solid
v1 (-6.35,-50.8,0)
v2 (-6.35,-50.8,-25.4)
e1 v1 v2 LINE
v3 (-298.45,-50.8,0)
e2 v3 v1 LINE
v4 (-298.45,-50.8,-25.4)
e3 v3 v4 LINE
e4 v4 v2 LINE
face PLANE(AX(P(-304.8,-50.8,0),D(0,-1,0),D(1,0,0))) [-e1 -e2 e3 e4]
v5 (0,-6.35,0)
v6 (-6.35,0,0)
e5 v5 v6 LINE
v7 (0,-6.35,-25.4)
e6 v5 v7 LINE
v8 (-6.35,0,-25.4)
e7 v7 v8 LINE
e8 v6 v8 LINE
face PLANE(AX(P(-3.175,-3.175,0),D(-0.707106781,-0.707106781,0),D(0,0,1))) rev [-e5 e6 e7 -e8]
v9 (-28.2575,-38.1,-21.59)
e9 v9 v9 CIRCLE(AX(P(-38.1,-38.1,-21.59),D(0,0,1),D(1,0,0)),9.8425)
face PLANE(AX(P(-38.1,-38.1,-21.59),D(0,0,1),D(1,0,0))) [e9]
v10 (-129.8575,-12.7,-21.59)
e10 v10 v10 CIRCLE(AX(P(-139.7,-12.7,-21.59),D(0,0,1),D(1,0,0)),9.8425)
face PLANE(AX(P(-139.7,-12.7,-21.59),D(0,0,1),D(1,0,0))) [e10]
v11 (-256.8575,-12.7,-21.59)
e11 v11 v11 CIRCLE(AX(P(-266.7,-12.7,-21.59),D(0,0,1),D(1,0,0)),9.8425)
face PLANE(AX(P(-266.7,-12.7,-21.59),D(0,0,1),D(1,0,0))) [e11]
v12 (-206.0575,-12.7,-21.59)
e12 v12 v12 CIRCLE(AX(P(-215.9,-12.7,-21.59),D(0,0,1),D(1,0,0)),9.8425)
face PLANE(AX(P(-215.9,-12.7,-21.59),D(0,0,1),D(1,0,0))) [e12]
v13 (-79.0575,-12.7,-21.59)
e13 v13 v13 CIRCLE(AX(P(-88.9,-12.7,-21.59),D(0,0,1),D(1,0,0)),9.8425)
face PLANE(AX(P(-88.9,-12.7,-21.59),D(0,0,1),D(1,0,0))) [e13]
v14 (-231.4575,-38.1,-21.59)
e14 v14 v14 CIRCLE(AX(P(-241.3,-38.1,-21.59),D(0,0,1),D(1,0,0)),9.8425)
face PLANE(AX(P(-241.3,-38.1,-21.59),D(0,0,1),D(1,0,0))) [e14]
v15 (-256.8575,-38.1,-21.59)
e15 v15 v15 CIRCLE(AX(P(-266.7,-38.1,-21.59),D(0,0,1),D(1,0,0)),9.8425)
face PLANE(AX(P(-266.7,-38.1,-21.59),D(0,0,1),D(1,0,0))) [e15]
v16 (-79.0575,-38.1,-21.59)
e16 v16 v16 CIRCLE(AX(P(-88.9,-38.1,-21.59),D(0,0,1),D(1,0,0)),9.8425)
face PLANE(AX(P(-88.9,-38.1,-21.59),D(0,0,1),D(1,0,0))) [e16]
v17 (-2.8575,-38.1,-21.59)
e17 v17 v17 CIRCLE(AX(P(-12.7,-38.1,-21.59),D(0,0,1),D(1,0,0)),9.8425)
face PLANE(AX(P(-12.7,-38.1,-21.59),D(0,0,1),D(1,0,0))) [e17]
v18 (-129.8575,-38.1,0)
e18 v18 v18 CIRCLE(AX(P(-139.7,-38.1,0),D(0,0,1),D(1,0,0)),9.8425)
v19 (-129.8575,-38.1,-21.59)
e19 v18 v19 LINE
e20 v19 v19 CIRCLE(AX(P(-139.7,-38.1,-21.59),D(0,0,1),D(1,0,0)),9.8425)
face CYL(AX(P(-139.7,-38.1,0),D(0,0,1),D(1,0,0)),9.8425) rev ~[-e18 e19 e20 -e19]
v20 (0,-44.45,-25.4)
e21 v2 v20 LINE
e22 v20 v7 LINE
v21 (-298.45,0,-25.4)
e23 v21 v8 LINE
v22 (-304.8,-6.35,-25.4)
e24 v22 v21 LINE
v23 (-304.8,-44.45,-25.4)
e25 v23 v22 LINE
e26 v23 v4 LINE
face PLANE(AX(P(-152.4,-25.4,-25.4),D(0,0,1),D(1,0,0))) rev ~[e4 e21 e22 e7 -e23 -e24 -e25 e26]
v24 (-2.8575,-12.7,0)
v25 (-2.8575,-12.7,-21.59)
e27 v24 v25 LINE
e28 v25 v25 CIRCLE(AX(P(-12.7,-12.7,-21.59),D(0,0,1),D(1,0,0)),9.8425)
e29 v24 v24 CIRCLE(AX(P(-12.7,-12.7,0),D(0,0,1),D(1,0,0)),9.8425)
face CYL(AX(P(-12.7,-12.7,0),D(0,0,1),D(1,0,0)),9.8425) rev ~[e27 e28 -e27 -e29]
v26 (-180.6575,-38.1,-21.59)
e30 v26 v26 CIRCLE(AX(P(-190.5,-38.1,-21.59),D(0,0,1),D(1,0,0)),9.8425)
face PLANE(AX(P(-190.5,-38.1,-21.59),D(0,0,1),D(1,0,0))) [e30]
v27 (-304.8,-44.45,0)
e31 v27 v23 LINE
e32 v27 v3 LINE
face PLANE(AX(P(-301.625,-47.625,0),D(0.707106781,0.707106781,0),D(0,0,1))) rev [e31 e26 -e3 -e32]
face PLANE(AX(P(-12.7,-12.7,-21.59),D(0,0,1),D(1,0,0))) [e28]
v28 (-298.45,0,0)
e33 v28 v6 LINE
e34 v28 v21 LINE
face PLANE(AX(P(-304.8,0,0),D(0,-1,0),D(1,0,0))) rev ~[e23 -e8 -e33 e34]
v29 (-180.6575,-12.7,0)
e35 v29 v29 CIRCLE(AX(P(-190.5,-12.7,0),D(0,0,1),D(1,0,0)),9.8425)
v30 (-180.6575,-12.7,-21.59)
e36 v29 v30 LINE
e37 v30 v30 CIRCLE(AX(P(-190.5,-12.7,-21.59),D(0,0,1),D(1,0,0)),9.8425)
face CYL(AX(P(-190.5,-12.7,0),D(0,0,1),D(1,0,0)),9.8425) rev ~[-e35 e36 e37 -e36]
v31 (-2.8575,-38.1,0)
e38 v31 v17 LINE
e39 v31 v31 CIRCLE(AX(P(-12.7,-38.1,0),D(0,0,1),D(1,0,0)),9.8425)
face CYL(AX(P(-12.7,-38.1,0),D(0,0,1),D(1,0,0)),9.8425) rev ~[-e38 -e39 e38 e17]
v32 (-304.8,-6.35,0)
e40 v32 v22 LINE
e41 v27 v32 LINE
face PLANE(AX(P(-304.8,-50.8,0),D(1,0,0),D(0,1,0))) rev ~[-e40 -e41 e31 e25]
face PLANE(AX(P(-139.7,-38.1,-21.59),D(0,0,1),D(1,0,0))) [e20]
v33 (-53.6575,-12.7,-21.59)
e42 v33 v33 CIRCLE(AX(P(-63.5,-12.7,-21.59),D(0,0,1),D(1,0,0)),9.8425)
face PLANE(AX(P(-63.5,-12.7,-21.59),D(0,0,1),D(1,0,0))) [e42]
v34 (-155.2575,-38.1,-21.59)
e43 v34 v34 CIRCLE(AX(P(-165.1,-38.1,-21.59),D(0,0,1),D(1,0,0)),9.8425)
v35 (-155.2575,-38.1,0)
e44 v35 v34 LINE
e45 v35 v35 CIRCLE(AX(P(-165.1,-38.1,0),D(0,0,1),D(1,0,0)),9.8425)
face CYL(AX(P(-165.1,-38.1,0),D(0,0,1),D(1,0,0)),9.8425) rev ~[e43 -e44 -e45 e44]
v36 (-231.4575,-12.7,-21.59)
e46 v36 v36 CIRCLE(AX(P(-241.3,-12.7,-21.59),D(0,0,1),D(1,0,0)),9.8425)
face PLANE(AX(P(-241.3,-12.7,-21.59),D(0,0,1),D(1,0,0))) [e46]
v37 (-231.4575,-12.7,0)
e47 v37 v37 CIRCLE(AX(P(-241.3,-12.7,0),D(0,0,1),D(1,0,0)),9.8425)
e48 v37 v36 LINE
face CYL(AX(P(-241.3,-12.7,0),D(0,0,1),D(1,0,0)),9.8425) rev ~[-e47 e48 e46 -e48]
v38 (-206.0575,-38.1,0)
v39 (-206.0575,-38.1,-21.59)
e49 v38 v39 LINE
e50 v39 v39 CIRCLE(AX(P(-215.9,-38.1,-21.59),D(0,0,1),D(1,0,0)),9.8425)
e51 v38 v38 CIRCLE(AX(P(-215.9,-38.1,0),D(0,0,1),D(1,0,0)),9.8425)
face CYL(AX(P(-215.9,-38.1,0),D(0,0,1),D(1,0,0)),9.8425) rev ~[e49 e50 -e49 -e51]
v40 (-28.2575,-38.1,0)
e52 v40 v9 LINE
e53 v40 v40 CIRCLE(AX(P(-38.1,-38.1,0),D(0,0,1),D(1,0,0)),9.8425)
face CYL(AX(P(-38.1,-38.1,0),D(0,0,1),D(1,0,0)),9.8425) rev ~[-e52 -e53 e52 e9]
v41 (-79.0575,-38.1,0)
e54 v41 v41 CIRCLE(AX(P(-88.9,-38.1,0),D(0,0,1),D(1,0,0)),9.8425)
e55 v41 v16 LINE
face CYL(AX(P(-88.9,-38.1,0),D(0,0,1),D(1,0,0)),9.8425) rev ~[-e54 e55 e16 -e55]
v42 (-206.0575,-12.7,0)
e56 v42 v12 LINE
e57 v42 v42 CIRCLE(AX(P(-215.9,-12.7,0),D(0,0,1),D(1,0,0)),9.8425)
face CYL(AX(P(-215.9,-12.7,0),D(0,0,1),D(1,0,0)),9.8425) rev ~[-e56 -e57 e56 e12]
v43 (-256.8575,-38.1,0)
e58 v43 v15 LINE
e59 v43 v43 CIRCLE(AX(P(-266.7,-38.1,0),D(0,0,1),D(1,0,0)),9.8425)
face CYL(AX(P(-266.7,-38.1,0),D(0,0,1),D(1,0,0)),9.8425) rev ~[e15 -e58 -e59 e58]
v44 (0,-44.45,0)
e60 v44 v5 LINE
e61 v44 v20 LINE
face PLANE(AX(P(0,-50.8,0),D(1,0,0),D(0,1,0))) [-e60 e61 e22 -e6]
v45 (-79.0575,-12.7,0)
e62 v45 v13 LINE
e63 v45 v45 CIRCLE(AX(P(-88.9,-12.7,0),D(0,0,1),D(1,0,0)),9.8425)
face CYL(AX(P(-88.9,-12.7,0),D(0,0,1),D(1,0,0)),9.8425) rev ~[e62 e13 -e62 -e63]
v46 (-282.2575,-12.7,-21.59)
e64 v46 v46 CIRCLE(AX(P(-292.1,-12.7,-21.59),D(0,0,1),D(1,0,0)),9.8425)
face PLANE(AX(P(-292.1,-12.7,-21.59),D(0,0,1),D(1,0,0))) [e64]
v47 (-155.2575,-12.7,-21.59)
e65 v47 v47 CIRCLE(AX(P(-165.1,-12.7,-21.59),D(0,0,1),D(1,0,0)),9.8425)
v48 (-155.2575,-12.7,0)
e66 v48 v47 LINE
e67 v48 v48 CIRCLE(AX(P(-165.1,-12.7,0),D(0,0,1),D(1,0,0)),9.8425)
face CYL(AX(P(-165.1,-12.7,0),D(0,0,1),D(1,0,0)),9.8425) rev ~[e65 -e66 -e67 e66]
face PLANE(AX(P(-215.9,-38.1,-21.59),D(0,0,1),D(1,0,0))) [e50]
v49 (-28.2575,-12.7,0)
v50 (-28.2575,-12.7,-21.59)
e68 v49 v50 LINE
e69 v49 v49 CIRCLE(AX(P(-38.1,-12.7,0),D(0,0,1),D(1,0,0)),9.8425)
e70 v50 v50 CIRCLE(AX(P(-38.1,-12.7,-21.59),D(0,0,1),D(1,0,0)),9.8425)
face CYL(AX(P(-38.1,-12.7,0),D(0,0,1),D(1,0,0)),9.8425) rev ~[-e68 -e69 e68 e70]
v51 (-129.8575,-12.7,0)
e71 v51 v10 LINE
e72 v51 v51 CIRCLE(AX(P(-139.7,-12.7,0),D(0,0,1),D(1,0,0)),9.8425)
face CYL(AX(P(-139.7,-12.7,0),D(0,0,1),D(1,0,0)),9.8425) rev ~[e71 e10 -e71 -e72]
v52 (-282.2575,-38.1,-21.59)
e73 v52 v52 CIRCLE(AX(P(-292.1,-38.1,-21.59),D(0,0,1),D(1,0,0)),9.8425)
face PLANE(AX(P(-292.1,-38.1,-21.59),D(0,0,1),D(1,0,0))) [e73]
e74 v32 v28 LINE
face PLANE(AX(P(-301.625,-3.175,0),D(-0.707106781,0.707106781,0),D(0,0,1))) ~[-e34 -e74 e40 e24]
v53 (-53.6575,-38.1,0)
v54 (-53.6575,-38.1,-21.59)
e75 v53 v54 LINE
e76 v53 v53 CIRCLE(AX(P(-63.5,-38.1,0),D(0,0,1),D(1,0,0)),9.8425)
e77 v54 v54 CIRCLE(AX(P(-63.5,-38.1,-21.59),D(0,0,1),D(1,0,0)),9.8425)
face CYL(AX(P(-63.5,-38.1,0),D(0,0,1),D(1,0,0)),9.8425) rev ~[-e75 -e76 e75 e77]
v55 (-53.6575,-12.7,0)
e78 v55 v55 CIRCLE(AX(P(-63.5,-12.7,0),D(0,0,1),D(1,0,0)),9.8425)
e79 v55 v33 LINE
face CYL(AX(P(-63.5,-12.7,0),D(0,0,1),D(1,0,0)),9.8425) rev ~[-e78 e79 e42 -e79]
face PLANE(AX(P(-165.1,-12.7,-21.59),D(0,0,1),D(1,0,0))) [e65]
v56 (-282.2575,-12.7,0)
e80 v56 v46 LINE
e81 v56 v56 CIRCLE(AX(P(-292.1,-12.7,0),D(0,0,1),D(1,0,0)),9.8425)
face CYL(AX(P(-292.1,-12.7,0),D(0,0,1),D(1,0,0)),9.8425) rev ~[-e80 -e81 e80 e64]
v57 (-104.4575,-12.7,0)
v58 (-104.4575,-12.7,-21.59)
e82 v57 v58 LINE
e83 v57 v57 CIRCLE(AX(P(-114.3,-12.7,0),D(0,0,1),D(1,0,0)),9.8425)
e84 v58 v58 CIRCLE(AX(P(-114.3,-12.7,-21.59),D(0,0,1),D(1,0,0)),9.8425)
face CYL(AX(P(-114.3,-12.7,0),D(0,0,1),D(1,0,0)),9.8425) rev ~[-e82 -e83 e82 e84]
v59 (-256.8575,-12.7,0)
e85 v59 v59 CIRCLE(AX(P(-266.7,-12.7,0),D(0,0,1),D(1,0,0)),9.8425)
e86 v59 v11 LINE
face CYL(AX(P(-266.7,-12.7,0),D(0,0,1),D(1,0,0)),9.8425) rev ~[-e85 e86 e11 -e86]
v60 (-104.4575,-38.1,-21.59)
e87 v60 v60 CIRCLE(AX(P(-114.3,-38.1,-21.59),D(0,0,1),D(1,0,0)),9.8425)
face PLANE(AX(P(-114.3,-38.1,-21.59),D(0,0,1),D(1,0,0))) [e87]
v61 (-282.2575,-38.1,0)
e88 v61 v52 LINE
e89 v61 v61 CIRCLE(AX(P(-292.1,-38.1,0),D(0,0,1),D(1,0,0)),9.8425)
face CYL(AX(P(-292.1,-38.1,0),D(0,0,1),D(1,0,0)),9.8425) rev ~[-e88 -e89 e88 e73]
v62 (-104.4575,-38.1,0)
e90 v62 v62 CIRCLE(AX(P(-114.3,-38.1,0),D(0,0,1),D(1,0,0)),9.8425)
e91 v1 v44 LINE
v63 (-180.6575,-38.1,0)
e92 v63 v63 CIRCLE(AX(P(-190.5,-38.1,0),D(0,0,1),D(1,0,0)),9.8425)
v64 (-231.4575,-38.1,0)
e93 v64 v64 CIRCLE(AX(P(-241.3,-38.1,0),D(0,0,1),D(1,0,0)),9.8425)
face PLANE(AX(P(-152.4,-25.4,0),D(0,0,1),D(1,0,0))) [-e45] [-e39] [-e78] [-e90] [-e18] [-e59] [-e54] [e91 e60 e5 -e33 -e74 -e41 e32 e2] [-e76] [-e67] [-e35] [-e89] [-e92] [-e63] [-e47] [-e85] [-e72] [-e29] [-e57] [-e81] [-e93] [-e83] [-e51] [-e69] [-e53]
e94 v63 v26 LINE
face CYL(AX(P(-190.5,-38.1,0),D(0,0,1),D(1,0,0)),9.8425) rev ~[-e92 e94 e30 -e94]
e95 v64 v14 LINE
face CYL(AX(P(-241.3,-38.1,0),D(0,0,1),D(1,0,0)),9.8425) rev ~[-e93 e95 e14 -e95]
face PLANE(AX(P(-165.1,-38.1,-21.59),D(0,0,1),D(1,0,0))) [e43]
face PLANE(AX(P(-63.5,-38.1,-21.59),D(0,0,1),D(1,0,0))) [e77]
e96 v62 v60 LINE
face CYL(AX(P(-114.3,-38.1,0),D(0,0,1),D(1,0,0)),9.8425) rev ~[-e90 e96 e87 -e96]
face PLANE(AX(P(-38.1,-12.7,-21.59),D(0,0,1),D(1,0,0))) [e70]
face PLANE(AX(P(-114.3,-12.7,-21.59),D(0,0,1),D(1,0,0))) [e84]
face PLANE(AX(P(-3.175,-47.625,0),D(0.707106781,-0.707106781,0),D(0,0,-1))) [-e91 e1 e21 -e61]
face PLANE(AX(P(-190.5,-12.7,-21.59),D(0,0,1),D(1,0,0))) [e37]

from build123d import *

# Parameters (mm, degrees)
F0_W     = 304.8
F0_H     = 50.8
F1_DEPTH = 25.4
F2_SIZE  = 6.35
F3_R     = 9.8425
F4_DEPTH = 21.59


with BuildPart() as f1:
    # F0 (on Top) → F1 (new body)
    with BuildSketch(Plane.XY):
        with Locations((-152.4, -25.4)):
            Rectangle(F0_W, F0_H)
    extrude(amount=-F1_DEPTH)

    # F2
    f2_edges = [f1.edges().sort_by_distance(p)[0] for p in [
        (0, 0, -12.7),
        (0, -50.8, -12.7),
        (-304.8, -50.8, -12.7),
        (-304.8, 0, -12.7),
    ]]
    chamfer(f2_edges, length=F2_SIZE)

    # F3 (on face) → F4 (cut)
    with BuildSketch(Plane.XY):
        with Locations((-12.7, -12.7)):
            Circle(F3_R)
        with Locations((-12.7, -38.1)):
            Circle(F3_R)
        with Locations((-38.1, -12.7)):
            Circle(F3_R)
        with Locations((-38.1, -38.1)):
            Circle(F3_R)
        with Locations((-63.5, -12.7)):
            Circle(F3_R)
        with Locations((-63.5, -38.1)):
            Circle(F3_R)
        with Locations((-88.9, -12.7)):
            Circle(F3_R)
        with Locations((-88.9, -38.1)):
            Circle(F3_R)
        with Locations((-114.3, -12.7)):
            Circle(F3_R)
        with Locations((-114.3, -38.1)):
            Circle(F3_R)
        with Locations((-139.7, -12.7)):
            Circle(F3_R)
        with Locations((-139.7, -38.1)):
            Circle(F3_R)
        with Locations((-165.1, -12.7)):
            Circle(F3_R)
        with Locations((-165.1, -38.1)):
            Circle(F3_R)
        with Locations((-190.5, -12.7)):
            Circle(F3_R)
        with Locations((-190.5, -38.1)):
            Circle(F3_R)
        with Locations((-215.9, -12.7)):
            Circle(F3_R)
        with Locations((-215.9, -38.1)):
            Circle(F3_R)
        with Locations((-241.3, -12.7)):
            Circle(F3_R)
        with Locations((-241.3, -38.1)):
            Circle(F3_R)
        with Locations((-266.7, -12.7)):
            Circle(F3_R)
        with Locations((-266.7, -38.1)):
            Circle(F3_R)
        with Locations((-292.1, -12.7)):
            Circle(F3_R)
        with Locations((-292.1, -38.1)):
            Circle(F3_R)
    extrude(amount=-F4_DEPTH, mode=Mode.SUBTRACT)


solid = f1.part
